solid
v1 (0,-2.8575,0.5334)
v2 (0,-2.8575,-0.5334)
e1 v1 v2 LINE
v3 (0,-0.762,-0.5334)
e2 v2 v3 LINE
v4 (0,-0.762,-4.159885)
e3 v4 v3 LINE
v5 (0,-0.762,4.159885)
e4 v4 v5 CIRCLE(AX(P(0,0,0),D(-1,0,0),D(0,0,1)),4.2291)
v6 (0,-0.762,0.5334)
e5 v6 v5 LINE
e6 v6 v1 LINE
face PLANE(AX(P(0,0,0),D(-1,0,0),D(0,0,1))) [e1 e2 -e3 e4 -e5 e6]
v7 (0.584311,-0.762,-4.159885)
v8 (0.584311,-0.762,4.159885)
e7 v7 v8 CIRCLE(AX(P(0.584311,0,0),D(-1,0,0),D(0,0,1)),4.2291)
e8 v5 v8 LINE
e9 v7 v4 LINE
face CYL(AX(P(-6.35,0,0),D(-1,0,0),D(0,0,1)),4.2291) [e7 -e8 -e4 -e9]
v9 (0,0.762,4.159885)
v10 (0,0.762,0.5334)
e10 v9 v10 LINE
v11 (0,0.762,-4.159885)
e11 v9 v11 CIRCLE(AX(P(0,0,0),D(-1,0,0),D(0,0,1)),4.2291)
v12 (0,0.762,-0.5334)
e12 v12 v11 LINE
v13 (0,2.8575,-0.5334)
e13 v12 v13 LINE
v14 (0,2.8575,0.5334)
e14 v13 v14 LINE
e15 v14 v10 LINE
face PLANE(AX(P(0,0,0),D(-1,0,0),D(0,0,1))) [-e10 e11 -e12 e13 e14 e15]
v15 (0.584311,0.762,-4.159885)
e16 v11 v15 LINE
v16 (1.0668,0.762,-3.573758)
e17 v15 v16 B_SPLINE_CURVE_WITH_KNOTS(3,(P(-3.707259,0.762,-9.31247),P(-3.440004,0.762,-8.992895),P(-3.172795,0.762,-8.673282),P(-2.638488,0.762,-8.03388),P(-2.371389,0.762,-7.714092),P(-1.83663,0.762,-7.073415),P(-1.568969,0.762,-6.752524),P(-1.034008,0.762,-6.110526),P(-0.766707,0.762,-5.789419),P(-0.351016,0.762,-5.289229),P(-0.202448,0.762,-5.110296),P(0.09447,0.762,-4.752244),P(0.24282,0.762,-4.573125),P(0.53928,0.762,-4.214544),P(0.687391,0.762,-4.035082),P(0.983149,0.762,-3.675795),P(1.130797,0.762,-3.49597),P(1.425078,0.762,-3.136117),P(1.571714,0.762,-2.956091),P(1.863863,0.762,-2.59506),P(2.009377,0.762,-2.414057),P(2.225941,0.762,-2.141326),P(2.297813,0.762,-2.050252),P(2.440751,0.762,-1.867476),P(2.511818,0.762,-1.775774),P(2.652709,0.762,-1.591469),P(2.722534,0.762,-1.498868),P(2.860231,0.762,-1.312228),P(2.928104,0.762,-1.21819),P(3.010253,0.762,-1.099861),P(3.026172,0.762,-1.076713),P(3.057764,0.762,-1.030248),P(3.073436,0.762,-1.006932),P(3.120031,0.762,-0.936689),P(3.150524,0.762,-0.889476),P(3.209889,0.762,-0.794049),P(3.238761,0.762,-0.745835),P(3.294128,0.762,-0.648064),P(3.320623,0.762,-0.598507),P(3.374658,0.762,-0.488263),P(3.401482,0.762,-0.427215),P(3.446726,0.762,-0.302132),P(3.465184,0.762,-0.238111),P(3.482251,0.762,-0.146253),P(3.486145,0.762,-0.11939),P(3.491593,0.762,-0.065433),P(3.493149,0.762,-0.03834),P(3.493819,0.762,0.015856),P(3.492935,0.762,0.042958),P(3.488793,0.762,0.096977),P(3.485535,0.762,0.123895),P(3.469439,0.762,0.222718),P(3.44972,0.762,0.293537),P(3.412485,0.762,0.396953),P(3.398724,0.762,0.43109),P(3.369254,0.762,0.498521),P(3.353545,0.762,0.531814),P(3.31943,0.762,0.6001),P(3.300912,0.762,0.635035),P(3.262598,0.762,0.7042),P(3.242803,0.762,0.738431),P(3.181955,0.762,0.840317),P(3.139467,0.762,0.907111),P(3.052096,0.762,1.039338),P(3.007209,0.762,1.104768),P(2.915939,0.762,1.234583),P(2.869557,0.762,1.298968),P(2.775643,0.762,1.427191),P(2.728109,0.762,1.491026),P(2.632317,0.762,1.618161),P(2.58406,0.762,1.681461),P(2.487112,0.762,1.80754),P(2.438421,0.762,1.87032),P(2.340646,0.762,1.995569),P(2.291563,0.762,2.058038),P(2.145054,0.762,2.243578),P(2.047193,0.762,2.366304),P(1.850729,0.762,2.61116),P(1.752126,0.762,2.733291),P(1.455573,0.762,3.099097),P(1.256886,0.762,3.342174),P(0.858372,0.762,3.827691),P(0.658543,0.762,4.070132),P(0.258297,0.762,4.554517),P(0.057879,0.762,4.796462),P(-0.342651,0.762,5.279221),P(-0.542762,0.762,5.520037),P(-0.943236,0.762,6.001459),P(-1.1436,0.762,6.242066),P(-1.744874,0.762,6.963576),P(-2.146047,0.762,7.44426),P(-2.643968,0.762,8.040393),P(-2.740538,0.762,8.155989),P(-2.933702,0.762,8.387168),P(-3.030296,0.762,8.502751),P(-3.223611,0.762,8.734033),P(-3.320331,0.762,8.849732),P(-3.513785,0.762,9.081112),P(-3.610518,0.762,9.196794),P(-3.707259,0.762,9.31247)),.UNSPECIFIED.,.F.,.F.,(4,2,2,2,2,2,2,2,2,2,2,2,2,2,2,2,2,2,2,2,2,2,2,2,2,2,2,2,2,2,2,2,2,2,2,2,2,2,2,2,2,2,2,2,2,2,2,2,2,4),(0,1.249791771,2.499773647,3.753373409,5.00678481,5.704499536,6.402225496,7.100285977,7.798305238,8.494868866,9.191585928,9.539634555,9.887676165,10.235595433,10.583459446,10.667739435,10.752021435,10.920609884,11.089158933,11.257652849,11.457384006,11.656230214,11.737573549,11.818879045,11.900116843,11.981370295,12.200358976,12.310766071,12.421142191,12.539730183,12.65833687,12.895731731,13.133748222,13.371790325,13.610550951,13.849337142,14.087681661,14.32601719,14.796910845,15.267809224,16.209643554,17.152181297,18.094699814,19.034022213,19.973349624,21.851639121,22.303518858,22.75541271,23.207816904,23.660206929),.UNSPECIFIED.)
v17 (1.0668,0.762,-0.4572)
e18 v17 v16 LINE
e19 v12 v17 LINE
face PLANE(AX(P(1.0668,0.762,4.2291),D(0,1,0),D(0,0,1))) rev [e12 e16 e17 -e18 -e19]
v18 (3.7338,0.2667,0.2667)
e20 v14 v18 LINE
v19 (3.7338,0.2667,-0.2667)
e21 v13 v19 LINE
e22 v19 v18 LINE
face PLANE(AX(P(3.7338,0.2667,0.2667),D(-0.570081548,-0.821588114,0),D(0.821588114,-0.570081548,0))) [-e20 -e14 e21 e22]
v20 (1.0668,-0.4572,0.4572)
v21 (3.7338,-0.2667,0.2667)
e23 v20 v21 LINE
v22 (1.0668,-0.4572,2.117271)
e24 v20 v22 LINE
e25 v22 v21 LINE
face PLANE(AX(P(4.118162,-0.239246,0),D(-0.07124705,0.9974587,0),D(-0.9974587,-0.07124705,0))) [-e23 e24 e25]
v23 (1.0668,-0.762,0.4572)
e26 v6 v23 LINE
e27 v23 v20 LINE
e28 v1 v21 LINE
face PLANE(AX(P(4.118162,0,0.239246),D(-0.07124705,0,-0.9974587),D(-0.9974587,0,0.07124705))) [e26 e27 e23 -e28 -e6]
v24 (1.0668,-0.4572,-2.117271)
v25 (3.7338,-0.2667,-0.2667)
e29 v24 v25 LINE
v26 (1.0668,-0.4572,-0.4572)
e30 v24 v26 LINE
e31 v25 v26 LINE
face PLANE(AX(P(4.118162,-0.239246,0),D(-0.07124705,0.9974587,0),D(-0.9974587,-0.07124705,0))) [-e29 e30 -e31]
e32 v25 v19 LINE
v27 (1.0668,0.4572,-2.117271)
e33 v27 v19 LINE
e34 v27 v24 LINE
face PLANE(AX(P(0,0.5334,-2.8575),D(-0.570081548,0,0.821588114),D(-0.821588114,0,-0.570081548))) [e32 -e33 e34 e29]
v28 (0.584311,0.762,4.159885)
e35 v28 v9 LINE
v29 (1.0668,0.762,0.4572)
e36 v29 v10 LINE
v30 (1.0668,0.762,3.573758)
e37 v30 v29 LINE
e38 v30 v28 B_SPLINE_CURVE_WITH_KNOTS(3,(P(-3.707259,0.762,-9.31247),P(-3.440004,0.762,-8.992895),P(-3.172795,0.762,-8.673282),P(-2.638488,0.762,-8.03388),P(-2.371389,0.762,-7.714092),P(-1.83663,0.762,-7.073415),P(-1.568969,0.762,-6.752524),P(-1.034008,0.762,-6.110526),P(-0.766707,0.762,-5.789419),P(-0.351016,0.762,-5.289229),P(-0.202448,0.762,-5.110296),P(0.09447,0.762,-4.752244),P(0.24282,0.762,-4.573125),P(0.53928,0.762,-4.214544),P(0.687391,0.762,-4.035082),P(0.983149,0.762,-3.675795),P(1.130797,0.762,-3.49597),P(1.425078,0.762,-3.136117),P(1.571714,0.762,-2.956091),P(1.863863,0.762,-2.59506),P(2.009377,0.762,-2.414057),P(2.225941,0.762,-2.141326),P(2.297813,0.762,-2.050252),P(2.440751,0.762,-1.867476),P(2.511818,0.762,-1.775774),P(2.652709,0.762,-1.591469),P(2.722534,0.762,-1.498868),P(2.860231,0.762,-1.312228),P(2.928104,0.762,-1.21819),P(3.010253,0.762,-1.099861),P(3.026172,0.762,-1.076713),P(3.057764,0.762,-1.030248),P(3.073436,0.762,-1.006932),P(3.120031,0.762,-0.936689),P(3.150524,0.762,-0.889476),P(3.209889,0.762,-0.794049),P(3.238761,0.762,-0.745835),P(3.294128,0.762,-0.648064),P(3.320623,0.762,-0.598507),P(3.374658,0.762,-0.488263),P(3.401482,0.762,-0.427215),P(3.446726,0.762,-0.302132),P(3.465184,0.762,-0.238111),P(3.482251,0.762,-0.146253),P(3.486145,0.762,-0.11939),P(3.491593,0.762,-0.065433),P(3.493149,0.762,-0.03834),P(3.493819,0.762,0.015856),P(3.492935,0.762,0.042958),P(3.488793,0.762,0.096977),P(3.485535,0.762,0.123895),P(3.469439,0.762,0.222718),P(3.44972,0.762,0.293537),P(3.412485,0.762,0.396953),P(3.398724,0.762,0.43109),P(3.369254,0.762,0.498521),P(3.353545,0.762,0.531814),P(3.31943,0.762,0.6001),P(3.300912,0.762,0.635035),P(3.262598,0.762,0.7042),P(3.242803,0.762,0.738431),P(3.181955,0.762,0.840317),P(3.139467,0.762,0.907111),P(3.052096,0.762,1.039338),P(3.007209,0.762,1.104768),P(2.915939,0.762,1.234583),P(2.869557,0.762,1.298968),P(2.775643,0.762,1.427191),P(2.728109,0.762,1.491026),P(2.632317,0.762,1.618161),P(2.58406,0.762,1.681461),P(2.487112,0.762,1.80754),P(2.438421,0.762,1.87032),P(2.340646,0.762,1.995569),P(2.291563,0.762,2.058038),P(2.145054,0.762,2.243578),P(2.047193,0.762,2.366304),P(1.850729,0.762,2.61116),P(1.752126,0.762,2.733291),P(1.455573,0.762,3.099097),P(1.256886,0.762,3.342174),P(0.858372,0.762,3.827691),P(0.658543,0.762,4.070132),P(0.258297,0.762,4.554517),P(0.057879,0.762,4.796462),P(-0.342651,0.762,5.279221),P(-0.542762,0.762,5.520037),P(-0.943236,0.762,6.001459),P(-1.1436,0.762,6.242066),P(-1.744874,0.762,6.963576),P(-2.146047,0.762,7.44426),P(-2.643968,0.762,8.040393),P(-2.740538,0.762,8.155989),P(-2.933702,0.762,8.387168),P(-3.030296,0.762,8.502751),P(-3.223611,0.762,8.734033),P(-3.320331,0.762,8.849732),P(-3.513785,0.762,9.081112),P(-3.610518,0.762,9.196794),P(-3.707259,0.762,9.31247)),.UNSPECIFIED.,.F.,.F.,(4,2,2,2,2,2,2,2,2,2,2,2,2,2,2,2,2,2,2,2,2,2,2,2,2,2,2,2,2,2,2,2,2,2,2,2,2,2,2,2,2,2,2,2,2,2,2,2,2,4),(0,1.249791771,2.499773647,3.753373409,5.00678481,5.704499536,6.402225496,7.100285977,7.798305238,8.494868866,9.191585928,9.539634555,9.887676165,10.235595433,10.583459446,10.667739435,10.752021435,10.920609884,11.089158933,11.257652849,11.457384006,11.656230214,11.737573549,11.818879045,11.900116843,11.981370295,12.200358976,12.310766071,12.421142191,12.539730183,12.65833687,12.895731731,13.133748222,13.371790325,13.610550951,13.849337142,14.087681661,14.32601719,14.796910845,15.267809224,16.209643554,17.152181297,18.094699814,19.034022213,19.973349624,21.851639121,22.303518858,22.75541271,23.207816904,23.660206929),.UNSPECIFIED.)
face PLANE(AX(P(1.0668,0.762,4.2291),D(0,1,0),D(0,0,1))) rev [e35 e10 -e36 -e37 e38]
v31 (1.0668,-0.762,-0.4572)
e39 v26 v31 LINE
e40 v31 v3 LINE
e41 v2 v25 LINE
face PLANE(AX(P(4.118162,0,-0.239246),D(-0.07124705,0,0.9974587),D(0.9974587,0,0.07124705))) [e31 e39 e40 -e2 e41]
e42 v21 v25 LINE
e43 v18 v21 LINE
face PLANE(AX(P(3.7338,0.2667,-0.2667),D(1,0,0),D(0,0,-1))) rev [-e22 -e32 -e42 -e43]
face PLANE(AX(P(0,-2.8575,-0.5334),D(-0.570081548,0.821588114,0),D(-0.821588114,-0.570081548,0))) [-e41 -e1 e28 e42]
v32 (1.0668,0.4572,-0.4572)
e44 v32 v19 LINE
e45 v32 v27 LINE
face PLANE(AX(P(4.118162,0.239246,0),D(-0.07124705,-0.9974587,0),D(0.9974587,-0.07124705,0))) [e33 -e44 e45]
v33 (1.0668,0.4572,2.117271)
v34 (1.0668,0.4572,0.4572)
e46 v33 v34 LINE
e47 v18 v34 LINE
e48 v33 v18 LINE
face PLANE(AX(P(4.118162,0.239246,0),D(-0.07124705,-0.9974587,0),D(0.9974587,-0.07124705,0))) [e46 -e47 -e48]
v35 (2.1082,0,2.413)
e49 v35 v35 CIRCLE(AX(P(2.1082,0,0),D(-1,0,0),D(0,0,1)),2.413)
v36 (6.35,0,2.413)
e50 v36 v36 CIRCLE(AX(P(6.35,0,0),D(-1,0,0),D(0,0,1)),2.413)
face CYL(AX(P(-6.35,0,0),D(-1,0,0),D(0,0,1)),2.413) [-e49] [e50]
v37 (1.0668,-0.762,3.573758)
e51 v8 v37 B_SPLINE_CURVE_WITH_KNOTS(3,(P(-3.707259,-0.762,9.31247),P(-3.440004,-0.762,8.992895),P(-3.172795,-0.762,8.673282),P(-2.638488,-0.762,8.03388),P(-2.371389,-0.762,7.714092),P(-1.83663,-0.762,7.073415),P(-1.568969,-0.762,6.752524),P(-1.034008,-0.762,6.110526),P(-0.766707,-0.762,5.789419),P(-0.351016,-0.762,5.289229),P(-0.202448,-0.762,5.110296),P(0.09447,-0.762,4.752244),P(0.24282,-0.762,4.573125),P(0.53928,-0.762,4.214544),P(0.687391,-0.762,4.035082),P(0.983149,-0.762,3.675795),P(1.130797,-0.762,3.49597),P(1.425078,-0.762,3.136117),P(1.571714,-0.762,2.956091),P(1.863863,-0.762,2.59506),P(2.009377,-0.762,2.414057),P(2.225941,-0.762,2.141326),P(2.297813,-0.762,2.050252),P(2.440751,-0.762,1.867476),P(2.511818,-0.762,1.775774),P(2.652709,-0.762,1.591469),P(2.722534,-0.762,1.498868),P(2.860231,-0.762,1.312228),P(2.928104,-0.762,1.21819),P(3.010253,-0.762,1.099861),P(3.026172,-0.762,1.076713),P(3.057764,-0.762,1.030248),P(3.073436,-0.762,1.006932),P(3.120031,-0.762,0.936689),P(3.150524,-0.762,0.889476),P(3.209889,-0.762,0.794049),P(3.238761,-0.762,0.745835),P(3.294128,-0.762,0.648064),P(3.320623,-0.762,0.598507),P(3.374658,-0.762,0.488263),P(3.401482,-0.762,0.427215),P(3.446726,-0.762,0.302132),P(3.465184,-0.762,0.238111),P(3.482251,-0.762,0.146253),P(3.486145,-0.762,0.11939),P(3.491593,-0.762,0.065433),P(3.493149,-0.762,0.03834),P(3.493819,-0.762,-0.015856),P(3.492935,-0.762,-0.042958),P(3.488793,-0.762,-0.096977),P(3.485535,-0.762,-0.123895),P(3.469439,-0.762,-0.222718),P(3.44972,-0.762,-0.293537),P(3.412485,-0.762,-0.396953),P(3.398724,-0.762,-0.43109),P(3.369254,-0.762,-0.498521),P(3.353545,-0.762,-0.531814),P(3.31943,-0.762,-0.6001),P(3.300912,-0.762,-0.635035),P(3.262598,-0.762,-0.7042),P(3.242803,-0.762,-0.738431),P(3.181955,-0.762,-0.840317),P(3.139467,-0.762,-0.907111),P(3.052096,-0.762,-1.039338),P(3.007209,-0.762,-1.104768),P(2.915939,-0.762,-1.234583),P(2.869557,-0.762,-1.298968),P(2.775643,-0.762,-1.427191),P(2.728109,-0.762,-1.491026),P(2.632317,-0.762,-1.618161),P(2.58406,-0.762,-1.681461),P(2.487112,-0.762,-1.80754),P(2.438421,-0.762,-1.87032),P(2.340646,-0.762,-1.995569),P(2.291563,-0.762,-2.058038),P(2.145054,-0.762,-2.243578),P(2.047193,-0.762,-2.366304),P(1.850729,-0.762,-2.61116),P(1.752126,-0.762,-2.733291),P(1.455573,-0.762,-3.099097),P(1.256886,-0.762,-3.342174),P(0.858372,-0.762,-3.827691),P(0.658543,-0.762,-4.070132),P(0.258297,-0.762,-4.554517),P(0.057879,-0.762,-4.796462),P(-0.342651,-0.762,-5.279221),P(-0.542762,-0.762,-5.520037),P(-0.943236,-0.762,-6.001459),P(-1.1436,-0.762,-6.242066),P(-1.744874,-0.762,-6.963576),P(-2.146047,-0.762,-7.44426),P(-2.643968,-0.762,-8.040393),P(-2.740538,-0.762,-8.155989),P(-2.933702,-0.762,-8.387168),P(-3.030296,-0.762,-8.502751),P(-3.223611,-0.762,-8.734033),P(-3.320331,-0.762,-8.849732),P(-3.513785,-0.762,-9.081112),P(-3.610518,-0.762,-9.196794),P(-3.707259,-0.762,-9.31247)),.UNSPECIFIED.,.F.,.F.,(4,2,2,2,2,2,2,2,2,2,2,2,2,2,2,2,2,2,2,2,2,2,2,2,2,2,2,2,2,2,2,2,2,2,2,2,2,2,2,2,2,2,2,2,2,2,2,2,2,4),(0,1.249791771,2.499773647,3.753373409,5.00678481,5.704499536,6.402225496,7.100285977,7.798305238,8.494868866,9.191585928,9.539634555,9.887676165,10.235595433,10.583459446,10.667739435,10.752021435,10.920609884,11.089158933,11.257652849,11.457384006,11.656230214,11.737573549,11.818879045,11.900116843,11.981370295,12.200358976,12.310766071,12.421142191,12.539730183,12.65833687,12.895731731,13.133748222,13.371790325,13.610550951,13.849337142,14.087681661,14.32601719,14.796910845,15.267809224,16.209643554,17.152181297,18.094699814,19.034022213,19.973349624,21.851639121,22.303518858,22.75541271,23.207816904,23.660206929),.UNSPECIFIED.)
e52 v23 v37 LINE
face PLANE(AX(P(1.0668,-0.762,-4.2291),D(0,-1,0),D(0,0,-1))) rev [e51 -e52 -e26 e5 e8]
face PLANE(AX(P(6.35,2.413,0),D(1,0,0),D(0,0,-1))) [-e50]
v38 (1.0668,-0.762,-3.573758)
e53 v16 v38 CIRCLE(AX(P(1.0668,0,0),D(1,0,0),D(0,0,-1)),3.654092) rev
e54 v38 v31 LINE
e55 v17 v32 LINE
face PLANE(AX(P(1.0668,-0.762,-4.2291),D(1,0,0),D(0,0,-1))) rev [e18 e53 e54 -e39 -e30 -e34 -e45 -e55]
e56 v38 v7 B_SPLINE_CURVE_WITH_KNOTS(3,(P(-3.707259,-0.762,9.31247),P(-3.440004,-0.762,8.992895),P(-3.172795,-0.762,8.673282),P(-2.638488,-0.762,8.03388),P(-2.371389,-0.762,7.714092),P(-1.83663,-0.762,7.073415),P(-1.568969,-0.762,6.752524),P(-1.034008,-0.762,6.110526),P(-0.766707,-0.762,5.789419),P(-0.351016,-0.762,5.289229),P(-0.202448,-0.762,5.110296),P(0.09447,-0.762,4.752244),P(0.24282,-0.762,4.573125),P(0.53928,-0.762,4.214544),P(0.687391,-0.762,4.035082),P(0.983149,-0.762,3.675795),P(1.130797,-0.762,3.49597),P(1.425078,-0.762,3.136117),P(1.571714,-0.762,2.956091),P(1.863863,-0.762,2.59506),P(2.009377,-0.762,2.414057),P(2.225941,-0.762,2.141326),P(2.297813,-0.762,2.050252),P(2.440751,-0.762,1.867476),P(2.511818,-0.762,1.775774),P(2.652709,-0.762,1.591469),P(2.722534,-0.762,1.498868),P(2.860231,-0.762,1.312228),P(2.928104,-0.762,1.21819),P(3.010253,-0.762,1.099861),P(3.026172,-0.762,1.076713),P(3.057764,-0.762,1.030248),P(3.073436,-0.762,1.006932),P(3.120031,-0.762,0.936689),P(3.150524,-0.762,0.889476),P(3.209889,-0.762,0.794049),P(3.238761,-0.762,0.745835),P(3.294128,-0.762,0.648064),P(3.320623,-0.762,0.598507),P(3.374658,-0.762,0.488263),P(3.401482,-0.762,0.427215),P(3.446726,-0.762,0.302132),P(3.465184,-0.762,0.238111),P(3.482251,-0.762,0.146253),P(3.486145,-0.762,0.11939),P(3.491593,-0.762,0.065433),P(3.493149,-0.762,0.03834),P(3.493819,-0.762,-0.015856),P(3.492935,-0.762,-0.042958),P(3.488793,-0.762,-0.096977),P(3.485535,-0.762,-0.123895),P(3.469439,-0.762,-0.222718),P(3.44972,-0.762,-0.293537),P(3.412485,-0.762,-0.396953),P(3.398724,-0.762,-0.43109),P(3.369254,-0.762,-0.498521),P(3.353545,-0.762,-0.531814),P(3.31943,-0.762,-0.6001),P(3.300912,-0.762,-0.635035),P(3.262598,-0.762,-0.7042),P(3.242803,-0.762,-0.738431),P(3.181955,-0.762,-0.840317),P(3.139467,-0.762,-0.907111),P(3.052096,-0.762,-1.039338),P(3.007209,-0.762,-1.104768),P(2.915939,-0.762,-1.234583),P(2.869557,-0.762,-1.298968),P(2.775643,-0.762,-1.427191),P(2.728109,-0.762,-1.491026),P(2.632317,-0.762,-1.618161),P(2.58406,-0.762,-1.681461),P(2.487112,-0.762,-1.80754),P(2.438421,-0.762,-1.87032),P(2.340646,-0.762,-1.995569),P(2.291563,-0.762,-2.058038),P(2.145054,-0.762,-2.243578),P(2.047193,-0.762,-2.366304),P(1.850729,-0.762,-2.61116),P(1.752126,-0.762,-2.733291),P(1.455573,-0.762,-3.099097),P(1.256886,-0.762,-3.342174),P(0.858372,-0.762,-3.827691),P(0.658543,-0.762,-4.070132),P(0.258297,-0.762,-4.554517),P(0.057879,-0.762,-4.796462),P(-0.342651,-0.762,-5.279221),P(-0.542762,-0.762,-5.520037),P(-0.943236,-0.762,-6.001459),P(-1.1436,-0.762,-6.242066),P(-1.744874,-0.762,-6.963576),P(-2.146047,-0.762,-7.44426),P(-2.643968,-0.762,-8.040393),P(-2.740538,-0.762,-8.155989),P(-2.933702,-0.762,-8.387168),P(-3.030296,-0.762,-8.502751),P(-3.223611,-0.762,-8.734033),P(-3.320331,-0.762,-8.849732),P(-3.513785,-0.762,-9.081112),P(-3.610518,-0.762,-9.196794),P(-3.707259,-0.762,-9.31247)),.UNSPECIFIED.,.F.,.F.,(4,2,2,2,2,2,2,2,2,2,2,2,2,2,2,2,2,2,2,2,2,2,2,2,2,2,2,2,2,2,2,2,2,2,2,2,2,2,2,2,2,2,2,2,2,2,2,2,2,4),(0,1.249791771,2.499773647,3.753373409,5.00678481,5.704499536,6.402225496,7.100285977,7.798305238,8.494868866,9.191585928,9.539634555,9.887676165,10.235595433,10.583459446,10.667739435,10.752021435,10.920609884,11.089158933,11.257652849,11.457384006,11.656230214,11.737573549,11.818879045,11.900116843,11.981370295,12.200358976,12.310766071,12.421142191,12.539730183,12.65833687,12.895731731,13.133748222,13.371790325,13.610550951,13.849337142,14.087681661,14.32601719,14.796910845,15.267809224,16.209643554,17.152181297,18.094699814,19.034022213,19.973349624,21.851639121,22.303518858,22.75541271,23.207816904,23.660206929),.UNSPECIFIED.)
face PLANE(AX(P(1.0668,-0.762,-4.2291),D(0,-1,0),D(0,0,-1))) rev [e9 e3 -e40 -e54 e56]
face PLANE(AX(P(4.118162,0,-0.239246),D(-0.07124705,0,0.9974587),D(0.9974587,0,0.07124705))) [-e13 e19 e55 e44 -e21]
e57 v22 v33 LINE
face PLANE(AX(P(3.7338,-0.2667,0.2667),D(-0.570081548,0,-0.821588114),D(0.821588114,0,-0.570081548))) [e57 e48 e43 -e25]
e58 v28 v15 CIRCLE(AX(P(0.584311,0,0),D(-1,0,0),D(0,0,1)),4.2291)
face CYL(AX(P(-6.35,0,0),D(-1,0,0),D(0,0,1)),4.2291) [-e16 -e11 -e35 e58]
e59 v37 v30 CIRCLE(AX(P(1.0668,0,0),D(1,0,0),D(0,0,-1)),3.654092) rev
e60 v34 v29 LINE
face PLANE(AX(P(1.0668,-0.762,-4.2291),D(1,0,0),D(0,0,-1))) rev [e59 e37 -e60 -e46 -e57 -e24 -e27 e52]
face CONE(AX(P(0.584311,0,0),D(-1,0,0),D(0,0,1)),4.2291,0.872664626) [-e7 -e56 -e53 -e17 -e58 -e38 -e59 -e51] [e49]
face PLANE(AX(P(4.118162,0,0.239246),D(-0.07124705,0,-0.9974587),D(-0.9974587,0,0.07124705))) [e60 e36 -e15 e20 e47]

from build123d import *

# Parameters (mm, degrees)
SKETCH2_W         = 8.4582
SKETCH2_H         = 1.524
SLOT_DEPTH        = 1.0668
CIRPATTERN1_COUNT = 2
CIRPATTERN1_ANGLE = 90


with BuildPart() as part:
    # BodySke → Base-Revolve (revolve)
    with BuildSketch(Plane.XY, mode=Mode.PRIVATE) as base_revolve_sk:
        Polygon((0, 0), (0, 4.2291), (0.58431116, 4.2291), (2.1082, 2.413), (6.35, 2.413), (6.35, 0), align=None)
    revolve(base_revolve_sk.sketch.rotate(Axis((-6.35, 0, 0), (1, 0, 0)), 90), axis=Axis((-6.35, 0, 0), (1, 0, 0)))

    # Sketch2 → Slot (cut)
    with BuildSketch(Plane.ZY):
        Rectangle(SKETCH2_W, SKETCH2_H)
    extrude(amount=-SLOT_DEPTH, mode=Mode.SUBTRACT)

    # Sketch3 → Cross section 0
    with BuildSketch(Plane.ZY):
        with BuildLine():
            Line((-0.5334, 2.8575), (0.5334, 2.8575))
            Line((0.5334, 2.8575), (0.5334, -2.8575))
            Line((0.5334, -2.8575), (-0.5334, -2.8575))
            Line((-0.5334, -2.8575), (-0.5334, 2.8575))
        make_face()
    # Sketch4 → Cross section 1
    with BuildSketch(Plane.ZY.offset(-3.7338)):
        with BuildLine():
            Line((-0.2667, 0.2667), (0.2667, 0.2667))
            Line((0.2667, 0.2667), (0.2667, -0.2667))
            Line((0.2667, -0.2667), (-0.2667, -0.2667))
            Line((-0.2667, -0.2667), (-0.2667, 0.2667))
        make_face()
    cross = loft(mode=Mode.SUBTRACT)

    # CirPattern1: Cross ×2 about axis
    cirpattern1_axis = Axis((0, 0, 0), (1, 0, 0))
    for i in range(1, CIRPATTERN1_COUNT):
        add(cross.rotate(cirpattern1_axis, i * CIRPATTERN1_ANGLE / (CIRPATTERN1_COUNT - 1)), mode=Mode.SUBTRACT)


solid = part.part
